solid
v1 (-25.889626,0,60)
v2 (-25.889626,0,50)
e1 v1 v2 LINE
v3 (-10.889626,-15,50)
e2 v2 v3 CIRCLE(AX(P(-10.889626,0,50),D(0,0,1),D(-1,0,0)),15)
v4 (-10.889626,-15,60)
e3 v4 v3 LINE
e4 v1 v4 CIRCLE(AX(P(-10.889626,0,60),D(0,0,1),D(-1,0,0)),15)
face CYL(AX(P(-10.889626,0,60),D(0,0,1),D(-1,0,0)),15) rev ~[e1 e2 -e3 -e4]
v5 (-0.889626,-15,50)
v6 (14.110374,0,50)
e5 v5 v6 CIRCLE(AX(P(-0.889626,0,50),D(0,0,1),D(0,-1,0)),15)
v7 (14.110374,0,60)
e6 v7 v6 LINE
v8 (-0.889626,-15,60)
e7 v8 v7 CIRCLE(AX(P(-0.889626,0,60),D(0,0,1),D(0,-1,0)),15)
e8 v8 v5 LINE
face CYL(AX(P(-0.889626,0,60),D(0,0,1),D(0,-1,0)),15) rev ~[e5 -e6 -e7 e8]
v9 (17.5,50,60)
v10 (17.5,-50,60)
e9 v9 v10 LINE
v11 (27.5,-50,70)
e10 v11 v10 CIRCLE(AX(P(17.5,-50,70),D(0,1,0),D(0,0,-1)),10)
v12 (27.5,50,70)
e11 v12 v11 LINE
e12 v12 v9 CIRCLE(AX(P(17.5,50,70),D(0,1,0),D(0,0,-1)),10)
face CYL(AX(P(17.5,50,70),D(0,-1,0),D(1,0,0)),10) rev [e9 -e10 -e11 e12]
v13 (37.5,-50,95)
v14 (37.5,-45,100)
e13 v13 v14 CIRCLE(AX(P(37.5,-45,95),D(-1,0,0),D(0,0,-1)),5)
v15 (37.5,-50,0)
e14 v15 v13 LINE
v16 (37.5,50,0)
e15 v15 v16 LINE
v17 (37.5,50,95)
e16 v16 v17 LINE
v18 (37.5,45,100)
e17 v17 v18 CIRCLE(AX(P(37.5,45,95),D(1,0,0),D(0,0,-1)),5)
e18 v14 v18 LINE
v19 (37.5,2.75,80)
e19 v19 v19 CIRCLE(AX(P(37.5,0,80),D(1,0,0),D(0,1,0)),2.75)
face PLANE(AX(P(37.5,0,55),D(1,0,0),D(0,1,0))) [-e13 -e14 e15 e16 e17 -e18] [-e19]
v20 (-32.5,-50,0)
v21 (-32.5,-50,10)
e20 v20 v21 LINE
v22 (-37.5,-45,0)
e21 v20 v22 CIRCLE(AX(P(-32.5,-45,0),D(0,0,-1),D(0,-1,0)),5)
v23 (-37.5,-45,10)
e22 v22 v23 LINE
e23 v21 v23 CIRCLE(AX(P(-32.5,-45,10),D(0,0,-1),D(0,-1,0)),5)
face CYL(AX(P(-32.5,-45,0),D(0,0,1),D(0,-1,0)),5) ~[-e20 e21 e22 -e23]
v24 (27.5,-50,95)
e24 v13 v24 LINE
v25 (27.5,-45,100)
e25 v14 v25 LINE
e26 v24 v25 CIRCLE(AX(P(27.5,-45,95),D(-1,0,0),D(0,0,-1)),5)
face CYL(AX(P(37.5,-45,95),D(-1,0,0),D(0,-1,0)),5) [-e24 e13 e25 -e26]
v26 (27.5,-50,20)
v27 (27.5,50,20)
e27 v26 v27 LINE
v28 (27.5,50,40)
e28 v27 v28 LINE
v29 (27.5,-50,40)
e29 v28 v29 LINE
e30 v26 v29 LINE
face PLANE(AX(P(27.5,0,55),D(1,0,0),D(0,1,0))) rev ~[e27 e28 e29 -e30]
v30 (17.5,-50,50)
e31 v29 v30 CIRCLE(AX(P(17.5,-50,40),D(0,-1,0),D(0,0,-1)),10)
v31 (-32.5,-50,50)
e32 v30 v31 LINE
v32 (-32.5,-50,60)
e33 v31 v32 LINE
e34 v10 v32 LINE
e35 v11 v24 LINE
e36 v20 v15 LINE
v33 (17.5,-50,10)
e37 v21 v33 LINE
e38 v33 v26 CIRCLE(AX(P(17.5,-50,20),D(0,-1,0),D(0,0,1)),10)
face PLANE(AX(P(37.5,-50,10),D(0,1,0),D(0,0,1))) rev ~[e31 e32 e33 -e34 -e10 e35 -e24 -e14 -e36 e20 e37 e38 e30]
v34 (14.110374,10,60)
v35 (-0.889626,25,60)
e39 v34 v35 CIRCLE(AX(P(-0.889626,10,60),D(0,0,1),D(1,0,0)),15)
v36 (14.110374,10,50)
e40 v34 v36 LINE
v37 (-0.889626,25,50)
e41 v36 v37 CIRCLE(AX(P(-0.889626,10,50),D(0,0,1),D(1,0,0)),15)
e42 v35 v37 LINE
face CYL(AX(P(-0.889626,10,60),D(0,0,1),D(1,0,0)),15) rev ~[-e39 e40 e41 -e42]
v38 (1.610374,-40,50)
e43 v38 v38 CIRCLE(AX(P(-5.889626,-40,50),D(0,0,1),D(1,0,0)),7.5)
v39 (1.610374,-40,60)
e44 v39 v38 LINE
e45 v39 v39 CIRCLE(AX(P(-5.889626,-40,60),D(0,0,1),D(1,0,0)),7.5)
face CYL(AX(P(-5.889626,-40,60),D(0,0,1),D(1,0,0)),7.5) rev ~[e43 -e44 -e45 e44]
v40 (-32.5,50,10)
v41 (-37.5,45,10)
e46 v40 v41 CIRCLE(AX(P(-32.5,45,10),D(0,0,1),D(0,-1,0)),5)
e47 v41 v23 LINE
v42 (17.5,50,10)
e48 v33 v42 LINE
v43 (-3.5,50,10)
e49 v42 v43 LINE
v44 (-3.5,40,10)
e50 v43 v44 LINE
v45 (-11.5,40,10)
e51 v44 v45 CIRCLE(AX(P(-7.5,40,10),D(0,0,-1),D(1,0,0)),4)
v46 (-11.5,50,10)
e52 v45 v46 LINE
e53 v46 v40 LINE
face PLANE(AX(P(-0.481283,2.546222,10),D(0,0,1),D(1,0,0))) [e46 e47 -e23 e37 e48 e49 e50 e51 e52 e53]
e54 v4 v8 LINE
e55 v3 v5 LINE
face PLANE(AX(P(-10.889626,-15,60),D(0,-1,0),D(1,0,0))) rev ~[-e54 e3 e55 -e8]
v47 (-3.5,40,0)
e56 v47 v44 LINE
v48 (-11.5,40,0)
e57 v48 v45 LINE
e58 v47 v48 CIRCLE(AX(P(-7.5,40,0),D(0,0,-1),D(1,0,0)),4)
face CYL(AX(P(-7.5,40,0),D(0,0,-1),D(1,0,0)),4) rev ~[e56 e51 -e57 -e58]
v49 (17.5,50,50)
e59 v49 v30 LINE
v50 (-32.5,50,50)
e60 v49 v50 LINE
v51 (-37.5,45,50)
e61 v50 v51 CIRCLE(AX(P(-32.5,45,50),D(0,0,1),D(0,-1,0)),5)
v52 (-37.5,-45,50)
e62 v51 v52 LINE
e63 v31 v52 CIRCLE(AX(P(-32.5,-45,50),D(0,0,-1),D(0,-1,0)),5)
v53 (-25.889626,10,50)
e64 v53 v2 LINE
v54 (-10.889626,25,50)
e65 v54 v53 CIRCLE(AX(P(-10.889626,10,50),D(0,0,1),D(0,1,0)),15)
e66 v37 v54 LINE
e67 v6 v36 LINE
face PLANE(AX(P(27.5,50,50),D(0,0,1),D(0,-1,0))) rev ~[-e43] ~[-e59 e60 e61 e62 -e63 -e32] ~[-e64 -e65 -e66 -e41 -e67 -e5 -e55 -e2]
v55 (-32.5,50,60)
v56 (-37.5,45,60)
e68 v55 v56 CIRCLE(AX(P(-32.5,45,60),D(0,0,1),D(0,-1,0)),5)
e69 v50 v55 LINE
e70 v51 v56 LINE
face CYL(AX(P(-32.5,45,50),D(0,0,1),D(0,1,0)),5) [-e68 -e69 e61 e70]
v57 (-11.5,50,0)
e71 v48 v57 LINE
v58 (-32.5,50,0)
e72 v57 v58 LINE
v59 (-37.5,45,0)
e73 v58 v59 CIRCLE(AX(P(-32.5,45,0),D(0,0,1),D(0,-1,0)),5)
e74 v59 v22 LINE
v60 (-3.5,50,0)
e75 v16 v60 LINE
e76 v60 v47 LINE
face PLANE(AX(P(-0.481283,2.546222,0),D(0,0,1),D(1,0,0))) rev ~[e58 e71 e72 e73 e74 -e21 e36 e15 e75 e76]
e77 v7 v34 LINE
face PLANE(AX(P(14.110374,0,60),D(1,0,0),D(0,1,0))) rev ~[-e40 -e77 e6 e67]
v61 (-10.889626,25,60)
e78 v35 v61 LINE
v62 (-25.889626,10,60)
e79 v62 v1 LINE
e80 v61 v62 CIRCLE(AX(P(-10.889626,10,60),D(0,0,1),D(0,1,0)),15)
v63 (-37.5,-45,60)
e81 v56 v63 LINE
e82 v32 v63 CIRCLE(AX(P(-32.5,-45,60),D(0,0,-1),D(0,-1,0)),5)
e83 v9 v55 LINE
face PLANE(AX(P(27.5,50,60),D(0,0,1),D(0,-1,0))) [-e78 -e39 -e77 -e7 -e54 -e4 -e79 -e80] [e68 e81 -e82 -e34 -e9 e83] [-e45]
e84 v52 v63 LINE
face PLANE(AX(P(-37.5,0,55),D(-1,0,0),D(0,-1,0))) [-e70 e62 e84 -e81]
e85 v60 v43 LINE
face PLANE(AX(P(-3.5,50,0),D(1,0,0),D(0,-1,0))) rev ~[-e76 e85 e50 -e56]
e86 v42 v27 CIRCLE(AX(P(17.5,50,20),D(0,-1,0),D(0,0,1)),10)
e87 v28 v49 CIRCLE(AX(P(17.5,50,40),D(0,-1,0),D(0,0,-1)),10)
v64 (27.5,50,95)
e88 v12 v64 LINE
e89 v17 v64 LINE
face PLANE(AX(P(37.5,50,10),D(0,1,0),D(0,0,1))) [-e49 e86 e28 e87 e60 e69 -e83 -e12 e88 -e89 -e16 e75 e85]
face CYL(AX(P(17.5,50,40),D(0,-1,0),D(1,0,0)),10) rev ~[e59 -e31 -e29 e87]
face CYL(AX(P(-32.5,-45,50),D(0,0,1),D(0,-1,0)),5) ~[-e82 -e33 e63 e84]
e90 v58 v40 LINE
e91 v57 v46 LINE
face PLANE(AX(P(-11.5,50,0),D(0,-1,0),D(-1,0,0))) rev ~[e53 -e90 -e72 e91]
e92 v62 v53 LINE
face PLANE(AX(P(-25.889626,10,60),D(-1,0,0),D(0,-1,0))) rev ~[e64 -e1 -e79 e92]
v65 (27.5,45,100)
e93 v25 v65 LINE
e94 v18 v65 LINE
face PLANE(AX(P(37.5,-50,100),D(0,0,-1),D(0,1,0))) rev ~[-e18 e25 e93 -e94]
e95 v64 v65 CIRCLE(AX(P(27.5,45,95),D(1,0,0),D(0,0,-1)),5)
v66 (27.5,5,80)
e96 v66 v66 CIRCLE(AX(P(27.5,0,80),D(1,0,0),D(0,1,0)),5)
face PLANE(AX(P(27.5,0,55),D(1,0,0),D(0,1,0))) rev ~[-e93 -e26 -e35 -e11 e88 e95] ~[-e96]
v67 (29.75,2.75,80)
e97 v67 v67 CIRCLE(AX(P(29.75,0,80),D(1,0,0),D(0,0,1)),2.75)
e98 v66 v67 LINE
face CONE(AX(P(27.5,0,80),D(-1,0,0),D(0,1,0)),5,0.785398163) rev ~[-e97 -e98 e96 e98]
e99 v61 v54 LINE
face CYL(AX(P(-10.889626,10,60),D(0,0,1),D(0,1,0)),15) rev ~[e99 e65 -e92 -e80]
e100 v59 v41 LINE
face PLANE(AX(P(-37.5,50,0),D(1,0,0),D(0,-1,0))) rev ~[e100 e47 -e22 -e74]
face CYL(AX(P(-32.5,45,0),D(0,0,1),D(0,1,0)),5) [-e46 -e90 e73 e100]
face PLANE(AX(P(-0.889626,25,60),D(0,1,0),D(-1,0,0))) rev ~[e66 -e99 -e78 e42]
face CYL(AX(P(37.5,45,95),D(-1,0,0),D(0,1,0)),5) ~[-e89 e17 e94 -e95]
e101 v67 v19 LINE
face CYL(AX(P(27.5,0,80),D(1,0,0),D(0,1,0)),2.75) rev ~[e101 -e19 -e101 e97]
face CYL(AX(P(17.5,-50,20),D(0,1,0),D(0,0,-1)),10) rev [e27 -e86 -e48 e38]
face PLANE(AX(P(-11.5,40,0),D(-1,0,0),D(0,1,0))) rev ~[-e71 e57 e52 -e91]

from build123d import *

# Parameters (mm, degrees)
F1_DEPTH       = 10
F2_W           = 100
F2_H           = 90
F3_DEPTH       = 10
F5_W           = 100
F5_H           = 10
F6_DEPTH       = 65
F7_D           = 5.5
F7_CSINK_D     = 10
F7_CSINK_ANGLE = 90
F8_R           = 5
F9_R           = 10
F10_R          = 7.5
F11_DEPTH      = 10


with BuildPart() as f1:
    # F0 (on Top) → F1 (new body)
    with BuildSketch(Plane.XY):
        with BuildLine():
            Line((-11.5, 50), (-37.5, 50))
            Line((-37.5, 50), (-37.5, -50))
            Line((-37.5, -50), (37.5, -50))
            Line((37.5, -50), (37.5, 50))
            Line((37.5, 50), (-3.5, 50))
            Line((-3.5, 50), (-3.5, 40))
            ThreePointArc((-3.5, 40), (-7.5, 36), (-11.5, 40))
            Line((-11.5, 40), (-11.5, 50))
        make_face()
    extrude(amount=F1_DEPTH)

    # F2 (on face) → F3 (join)
    with BuildSketch(Plane.YZ.offset(37.5)):
        with Locations((0, 55)):
            Rectangle(F2_W, F2_H)
    extrude(amount=-F3_DEPTH)

    # F5 (on face) → F6 (join, through all)
    with BuildSketch(Plane(origin=(27.5, 0, 0), x_dir=(0, -1, 0), z_dir=(-1, 0, 0))):
        with Locations((0, 55)):
            Rectangle(F5_W, F5_H)
    extrude(amount=F6_DEPTH)

    # F7 (through all)
    with Locations(Plane(origin=(27.5, 0, 0), x_dir=(0, -1, 0), z_dir=(-1, 0, 0))):
        with Locations((0, 80)):
            CounterSinkHole(F7_D / 2, F7_CSINK_D / 2, counter_sink_angle=F7_CSINK_ANGLE)

    # F8
    f8_edges = [f1.edges().sort_by_distance(p)[0] for p in [
        (-37.5, 50, 5),
        (-37.5, -50, 5),
        (32.5, -50, 100),
        (32.5, 50, 100),
        (-37.5, 50, 55),
        (-37.5, -50, 55),
    ]]
    fillet(f8_edges, radius=F8_R)

    # F9
    f9_edges = [f1.edges().sort_by_distance(p)[0] for p in [
        (27.5, 0, 10),
        (27.5, 0, 60),
        (27.5, 0, 50),
    ]]
    fillet(f9_edges, radius=F9_R)

    # F10 (on face) → F11 (cut, through all)
    with BuildSketch(Plane.XY.offset(60)):
        with Locations((-5.8896257542, -40)):
            Circle(F10_R)
        with BuildLine():
            Line((-0.8896257542, 25), (-10.8896257542, 25))
            ThreePointArc((-10.8896257542, 25), (-21.496227472, 20.6066017178), (-25.8896257542, 10))
            Line((-25.8896257542, 10), (-25.8896257542, 0))
            ThreePointArc((-25.8896257542, 0), (-21.496227472, -10.6066017178), (-10.8896257542, -15))
            Line((-10.8896257542, -15), (-0.8896257542, -15))
            ThreePointArc((-0.8896257542, -15), (9.7169759636, -10.6066017178), (14.1103742458, 0))
            Line((14.1103742458, 0), (14.1103742458, 10))
            ThreePointArc((14.1103742458, 10), (9.7169759636, 20.6066017178), (-0.8896257542, 25))
        make_face()
    extrude(amount=-F11_DEPTH, mode=Mode.SUBTRACT)


solid = f1.part
